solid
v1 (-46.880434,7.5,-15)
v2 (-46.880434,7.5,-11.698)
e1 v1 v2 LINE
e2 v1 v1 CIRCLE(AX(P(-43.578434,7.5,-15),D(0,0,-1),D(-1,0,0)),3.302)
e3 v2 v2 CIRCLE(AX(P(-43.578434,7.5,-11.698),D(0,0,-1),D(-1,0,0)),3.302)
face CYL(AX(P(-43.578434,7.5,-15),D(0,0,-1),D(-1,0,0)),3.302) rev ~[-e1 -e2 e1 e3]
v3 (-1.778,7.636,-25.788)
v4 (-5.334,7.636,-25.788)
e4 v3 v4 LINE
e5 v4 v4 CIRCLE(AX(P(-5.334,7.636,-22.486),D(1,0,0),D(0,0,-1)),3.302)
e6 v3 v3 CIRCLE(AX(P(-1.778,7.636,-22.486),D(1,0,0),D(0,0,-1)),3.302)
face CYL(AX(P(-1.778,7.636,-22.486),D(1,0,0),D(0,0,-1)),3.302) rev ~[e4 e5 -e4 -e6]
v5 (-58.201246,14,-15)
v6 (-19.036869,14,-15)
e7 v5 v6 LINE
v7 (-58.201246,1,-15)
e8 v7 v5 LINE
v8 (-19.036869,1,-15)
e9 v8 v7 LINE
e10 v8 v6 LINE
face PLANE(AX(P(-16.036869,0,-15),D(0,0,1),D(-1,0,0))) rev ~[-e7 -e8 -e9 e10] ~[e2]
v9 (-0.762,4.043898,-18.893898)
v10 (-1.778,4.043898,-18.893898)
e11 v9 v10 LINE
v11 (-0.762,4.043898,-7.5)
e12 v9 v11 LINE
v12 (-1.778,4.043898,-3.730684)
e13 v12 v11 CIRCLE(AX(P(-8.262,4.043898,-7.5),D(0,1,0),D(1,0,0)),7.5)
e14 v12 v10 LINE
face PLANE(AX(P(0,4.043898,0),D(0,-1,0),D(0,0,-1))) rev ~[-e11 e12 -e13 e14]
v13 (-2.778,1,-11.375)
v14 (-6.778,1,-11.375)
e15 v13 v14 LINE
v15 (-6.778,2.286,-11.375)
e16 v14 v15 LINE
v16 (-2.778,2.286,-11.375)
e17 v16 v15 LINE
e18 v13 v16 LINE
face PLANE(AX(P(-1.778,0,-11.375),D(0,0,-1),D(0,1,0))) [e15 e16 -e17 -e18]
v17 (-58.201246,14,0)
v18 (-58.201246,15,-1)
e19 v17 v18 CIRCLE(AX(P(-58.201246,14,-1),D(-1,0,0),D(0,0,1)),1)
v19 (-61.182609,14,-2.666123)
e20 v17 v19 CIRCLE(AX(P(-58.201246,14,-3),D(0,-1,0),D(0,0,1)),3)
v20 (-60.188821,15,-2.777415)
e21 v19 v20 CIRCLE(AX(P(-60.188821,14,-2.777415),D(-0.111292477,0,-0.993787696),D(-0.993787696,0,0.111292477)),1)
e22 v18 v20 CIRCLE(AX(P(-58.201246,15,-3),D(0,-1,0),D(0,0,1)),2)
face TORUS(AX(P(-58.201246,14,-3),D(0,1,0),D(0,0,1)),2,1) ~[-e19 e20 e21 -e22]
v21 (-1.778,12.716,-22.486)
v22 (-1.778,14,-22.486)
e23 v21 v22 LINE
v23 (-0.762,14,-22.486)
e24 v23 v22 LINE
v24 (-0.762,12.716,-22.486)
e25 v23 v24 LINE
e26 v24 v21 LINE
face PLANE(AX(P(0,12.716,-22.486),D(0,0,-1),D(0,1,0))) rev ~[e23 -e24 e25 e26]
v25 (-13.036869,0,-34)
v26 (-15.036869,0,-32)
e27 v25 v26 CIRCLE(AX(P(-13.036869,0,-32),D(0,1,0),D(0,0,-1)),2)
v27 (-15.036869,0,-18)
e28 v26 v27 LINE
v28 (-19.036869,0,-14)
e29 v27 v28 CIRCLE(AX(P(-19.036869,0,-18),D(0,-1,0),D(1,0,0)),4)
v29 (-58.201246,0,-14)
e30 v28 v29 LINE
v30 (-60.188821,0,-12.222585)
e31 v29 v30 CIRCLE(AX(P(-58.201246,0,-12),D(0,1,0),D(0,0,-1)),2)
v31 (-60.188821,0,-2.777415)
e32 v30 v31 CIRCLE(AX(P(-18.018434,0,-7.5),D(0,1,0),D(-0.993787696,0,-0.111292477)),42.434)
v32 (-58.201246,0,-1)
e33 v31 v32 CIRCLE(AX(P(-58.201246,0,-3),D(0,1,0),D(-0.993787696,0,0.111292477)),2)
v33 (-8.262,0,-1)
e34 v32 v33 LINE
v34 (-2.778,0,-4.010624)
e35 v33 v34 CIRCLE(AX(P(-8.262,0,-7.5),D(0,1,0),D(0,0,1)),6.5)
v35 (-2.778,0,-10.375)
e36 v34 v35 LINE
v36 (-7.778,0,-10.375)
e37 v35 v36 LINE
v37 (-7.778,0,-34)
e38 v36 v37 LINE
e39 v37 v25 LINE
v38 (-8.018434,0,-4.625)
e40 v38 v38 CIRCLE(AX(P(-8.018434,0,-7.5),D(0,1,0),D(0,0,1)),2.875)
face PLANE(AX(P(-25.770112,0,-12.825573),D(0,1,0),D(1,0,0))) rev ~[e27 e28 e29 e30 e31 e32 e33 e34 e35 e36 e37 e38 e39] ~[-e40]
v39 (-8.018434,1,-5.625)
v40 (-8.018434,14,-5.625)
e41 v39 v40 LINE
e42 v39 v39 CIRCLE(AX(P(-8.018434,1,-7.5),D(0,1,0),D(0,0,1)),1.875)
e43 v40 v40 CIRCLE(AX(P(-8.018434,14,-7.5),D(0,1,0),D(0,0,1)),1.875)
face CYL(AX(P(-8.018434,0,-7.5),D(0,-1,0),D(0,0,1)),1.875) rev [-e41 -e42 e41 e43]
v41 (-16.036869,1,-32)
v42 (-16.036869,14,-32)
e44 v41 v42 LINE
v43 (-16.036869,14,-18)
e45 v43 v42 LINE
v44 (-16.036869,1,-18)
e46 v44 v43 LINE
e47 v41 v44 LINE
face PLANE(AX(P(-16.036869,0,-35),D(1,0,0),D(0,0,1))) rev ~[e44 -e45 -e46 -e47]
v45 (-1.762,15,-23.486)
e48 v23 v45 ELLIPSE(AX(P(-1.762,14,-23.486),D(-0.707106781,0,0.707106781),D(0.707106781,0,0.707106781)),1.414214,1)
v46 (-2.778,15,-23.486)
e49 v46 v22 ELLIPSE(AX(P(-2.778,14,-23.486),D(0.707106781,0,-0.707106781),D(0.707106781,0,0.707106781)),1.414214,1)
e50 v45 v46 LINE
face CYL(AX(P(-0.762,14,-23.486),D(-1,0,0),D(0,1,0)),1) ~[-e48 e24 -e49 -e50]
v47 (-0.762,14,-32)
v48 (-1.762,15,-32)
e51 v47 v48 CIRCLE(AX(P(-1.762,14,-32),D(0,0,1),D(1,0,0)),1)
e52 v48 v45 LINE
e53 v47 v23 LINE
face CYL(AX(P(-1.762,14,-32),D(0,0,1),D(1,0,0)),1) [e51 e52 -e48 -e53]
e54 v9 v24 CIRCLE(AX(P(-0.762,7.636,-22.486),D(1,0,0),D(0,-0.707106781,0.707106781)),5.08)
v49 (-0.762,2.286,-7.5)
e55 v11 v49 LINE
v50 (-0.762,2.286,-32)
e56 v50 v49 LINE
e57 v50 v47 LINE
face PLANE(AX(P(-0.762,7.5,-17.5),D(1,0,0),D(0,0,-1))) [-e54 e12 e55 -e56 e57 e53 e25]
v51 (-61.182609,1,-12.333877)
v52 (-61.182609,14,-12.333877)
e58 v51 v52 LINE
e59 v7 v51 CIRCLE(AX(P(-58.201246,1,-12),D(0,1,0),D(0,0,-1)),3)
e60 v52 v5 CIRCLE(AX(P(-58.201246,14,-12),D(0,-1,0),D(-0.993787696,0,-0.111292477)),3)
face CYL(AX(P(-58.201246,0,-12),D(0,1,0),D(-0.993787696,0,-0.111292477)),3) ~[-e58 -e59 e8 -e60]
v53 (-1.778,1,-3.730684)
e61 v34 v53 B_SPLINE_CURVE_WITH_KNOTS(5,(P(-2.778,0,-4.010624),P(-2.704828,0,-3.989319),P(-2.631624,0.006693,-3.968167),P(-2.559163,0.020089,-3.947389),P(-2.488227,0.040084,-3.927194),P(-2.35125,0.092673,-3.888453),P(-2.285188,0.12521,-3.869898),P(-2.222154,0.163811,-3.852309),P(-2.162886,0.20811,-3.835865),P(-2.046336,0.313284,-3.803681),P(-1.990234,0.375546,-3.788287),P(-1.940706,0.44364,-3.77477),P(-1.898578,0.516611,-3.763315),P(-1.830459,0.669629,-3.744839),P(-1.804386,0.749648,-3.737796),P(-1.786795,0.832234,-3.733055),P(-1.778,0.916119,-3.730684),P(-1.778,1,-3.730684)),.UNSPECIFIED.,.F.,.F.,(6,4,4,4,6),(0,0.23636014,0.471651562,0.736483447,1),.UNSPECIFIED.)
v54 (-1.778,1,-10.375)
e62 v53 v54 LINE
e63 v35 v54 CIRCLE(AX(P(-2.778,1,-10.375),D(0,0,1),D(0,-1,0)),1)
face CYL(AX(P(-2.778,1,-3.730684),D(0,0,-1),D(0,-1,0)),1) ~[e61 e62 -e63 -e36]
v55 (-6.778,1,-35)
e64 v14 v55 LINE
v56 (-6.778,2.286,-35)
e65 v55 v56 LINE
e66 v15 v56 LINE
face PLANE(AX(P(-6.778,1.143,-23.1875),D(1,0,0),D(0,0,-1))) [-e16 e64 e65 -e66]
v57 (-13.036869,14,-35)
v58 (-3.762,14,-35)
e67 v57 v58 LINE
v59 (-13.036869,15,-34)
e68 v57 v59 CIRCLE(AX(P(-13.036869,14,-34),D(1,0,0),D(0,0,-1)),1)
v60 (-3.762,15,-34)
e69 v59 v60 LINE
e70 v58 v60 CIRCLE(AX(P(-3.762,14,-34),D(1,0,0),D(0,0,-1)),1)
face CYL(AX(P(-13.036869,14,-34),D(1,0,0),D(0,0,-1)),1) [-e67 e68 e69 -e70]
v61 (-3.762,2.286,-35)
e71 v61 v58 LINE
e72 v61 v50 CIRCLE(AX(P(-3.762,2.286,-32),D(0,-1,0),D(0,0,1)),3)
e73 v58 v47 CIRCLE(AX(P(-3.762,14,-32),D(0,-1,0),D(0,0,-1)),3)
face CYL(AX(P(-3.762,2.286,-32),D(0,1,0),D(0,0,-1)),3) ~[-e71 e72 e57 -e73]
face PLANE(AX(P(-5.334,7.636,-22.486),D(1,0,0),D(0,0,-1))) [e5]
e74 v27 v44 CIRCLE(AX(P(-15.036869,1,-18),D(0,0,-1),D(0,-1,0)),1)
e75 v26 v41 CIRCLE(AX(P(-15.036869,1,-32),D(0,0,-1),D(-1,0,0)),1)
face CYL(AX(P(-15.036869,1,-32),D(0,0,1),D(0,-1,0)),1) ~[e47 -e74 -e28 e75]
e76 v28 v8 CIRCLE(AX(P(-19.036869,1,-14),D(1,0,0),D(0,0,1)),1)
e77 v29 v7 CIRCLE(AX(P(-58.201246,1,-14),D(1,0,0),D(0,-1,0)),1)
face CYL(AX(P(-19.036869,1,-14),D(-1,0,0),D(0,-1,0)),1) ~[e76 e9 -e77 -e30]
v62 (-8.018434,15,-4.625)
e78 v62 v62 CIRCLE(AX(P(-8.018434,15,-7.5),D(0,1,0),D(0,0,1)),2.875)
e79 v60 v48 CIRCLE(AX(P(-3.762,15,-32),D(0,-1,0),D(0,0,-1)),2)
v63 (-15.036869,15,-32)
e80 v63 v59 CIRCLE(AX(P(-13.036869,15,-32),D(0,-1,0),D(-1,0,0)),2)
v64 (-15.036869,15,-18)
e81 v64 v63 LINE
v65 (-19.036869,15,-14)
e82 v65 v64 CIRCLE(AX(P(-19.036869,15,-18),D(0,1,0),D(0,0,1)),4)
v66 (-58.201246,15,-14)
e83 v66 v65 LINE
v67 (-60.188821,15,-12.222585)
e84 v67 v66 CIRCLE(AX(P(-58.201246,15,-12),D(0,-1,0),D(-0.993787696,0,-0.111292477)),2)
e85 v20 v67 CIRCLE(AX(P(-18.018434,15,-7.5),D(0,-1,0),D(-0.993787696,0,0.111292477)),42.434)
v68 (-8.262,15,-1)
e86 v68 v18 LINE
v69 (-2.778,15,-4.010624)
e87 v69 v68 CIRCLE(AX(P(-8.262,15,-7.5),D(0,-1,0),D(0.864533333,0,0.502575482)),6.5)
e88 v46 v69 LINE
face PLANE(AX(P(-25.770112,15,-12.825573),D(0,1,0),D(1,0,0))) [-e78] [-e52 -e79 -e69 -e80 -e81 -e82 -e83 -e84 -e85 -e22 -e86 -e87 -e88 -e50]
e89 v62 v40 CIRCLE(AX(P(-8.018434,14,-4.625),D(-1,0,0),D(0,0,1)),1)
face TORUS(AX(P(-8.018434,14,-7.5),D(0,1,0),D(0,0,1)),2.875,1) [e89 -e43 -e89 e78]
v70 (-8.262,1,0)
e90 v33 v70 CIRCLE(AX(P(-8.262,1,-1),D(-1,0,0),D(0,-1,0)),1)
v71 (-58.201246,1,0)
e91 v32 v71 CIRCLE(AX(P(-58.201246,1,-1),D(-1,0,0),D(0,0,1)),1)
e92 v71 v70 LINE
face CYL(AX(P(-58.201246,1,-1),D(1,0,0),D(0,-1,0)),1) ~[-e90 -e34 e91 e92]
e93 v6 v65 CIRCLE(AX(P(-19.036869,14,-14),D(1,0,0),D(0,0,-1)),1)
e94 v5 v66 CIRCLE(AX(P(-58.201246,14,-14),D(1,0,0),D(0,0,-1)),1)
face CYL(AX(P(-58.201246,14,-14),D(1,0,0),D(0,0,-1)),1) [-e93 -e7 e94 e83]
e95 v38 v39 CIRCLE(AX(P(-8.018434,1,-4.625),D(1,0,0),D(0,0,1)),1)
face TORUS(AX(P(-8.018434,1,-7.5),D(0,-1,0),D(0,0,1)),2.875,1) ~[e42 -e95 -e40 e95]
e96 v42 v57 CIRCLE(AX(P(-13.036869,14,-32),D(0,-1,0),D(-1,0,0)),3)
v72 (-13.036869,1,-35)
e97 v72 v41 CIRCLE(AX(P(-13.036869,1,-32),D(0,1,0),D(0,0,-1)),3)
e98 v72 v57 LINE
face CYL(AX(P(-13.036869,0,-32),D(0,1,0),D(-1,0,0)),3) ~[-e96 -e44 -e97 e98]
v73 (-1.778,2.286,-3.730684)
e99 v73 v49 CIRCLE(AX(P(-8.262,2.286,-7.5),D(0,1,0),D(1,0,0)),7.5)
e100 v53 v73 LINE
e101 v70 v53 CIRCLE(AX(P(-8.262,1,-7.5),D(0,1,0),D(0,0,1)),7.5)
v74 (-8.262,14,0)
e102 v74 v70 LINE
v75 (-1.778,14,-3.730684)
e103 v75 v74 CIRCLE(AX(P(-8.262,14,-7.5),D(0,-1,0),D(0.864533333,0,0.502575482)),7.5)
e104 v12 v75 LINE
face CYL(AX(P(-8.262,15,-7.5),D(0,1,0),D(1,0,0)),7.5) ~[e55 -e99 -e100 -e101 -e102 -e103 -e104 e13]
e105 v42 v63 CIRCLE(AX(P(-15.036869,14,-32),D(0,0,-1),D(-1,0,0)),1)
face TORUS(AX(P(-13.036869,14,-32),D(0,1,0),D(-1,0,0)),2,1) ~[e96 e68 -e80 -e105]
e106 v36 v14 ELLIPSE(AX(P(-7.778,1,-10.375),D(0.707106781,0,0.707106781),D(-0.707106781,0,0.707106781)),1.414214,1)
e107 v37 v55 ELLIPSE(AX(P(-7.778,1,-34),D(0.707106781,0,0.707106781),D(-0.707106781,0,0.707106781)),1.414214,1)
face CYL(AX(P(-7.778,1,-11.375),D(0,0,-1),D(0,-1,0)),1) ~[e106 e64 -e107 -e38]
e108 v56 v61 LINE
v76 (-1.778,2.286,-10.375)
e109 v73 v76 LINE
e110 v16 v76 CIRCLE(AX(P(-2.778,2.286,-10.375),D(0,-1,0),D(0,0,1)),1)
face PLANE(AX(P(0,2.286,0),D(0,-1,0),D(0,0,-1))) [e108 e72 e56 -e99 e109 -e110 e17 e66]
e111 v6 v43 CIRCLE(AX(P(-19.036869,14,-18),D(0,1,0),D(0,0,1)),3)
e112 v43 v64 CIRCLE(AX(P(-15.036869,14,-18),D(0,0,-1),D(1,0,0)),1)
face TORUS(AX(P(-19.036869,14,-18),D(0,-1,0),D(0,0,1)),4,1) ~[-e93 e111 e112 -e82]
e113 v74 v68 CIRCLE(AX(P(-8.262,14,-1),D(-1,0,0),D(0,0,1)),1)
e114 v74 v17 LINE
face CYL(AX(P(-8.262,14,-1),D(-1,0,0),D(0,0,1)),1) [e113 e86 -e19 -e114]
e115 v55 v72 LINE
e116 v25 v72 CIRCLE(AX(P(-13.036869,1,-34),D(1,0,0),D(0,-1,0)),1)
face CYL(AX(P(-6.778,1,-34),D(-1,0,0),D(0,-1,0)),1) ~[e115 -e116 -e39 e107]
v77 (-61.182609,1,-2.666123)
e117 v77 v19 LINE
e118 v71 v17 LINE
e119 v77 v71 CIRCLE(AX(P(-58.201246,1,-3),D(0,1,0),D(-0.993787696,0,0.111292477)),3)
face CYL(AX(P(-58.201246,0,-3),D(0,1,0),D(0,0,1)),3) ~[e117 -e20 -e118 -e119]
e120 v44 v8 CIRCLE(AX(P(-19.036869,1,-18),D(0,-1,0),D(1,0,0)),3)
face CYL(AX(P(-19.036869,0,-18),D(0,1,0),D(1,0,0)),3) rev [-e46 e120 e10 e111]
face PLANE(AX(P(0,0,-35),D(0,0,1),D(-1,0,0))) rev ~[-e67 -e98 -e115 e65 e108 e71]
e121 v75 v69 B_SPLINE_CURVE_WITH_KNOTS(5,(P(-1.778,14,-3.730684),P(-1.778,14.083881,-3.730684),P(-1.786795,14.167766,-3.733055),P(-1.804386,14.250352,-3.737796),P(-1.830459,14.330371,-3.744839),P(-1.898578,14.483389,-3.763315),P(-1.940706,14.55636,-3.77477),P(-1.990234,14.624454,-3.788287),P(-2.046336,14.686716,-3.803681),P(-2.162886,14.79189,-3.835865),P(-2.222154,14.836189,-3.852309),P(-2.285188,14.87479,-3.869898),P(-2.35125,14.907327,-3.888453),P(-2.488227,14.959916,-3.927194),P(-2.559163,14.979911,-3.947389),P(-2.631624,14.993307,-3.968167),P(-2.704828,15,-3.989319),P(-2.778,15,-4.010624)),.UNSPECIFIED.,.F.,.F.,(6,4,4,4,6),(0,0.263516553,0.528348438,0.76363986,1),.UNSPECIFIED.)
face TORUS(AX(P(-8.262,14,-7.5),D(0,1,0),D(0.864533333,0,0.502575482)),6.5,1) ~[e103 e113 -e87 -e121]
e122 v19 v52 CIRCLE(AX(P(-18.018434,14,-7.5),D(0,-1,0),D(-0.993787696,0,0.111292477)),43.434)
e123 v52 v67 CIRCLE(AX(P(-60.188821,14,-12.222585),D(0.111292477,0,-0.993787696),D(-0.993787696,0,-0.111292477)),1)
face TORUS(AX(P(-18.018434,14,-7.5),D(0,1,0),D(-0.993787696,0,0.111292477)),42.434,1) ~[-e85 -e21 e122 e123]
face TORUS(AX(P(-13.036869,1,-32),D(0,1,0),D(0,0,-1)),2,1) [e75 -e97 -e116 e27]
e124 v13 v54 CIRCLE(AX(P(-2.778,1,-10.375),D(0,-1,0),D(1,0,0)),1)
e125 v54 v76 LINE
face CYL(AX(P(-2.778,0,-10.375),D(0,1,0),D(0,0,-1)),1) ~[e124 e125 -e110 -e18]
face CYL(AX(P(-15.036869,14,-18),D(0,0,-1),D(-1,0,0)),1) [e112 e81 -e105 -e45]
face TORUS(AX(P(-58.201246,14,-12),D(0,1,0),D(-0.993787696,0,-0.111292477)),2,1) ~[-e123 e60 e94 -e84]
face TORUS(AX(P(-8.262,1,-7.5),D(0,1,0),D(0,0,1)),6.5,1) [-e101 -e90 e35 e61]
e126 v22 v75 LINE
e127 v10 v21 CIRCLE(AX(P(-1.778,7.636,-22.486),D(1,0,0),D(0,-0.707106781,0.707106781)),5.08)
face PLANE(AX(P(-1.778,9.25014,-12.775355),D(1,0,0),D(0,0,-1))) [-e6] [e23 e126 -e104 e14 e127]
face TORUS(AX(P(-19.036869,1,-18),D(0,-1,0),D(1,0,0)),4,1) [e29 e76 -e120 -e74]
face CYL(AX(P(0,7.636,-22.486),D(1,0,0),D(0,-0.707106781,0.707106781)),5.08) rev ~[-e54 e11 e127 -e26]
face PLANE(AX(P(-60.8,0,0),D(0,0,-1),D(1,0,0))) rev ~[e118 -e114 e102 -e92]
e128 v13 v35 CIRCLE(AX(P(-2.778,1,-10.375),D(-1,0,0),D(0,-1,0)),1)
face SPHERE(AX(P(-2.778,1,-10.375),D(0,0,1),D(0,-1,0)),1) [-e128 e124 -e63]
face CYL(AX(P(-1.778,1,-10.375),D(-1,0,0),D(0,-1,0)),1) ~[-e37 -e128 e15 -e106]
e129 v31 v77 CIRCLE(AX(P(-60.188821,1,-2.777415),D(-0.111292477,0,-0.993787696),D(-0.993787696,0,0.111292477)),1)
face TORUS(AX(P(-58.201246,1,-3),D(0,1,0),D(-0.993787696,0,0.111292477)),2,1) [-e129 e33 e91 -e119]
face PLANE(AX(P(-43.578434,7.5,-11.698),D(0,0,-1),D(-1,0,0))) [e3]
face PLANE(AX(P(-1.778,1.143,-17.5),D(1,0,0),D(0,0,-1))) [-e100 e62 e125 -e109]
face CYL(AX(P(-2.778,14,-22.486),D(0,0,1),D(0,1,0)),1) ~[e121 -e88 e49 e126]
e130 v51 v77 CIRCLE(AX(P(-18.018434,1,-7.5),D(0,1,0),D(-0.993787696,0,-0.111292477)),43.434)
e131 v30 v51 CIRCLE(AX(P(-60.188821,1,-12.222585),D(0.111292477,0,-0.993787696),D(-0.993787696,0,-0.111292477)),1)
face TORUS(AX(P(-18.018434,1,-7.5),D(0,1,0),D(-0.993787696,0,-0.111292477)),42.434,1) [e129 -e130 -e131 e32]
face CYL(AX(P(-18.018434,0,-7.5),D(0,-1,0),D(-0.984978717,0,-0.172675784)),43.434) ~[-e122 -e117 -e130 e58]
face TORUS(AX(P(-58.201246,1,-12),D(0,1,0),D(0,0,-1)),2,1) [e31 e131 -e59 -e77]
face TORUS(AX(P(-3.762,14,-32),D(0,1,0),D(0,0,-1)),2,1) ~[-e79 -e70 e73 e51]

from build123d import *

# Parameters (mm, degrees)
SKETCH1_R           = 1.875
BOSS_EXTRUDE1_DEPTH = 15
SKETCH2_W           = 35
SKETCH2_H           = 2.286
CUT_EXTRUDE1_DEPTH  = 1.778
SKETCH7_W           = 23.625
SKETCH7_H           = 2.286
CUT_EXTRUDE6_DEPTH  = 5
SKETCH3_R           = 3.302
CUT_EXTRUDE2_DEPTH  = 3.556
SKETCH4_R           = 3.302
CUT_EXTRUDE3_DEPTH  = 3.302
SKETCH5_W           = 35
SKETCH5_H           = 15
CUT_EXTRUDE4_DEPTH  = 0.762
CUT_EXTRUDE5_DEPTH  = 73.293856534
FILLET1_R           = 3
FILLET2_R           = 1


with BuildPart() as part:
    # Sketch1 → Boss-Extrude1 (new body)
    with BuildSketch(Plane(origin=(0, 0, 0), x_dir=(1, 0, 0), z_dir=(0, 1, 0))):
        with BuildLine():
            Line((-60.8, 0), (0, 0))
            Line((0, 0), (0, 35))
            Line((0, 35), (-16.036868781, 35))
            Line((-16.036868781, 35), (-16.036868781, 15))
            Line((-16.036868781, 15), (-60.8, 15))
            ThreePointArc((-60.8, 15), (-61.45243439, 7.5), (-60.8, 0))
        make_face()
        with Locations(Location((-8.01843439, 7.5, 0), (0, 0, 270))):
            Circle(SKETCH1_R, mode=Mode.SUBTRACT)
    extrude(amount=BOSS_EXTRUDE1_DEPTH)

    # Sketch2 → Cut-Extrude1 (cut)
    with BuildSketch(Plane(origin=(0, 0, 0), x_dir=(0, 0, -1), z_dir=(1, 0, 0))):
        with BuildLine():
            Line((22.486, 12.716), (22.486, 15))
            Line((22.486, 15), (0, 15))
            Line((0, 15), (0, 4.043897552))
            Line((0, 4.043897552), (18.893897552, 4.043897552))
            ThreePointArc((18.893897552, 4.043897552), (27.179308025, 5.691968164), (22.486, 12.716))
        make_face()
        with Locations((17.5, 1.143)):
            Rectangle(SKETCH2_W, SKETCH2_H)
    extrude(amount=-CUT_EXTRUDE1_DEPTH, mode=Mode.SUBTRACT)

    # Sketch7 → Cut-Extrude6 (cut)
    with BuildSketch(Plane(origin=(-1.778, 0, 0), x_dir=(0, 0, -1), z_dir=(1, 0, 0))):
        with Locations((23.1875, 1.143)):
            Rectangle(SKETCH7_W, SKETCH7_H)
    extrude(amount=-CUT_EXTRUDE6_DEPTH, mode=Mode.SUBTRACT)

    # Sketch3 → Cut-Extrude2 (cut)
    with BuildSketch(Plane(origin=(-1.778, 0, 0), x_dir=(0, 0, -1), z_dir=(1, 0, 0))):
        with Locations((22.486, 7.636)):
            Circle(SKETCH3_R)
    extrude(amount=-CUT_EXTRUDE2_DEPTH, mode=Mode.SUBTRACT)

    # Sketch4 → Cut-Extrude3 (cut)
    with BuildSketch(Plane(origin=(0, 0, -15), x_dir=(-1, 0, 0), z_dir=(0, 0, -1))):
        with Locations((43.57843439, 7.5)):
            Circle(SKETCH4_R)
    extrude(amount=-CUT_EXTRUDE3_DEPTH, mode=Mode.SUBTRACT)

    # Sketch5 → Cut-Extrude4 (cut)
    with BuildSketch(Plane(origin=(0, 0, 0), x_dir=(0, 0, -1), z_dir=(1, 0, 0))):
        with Locations((17.5, 7.5)):
            Rectangle(SKETCH5_W, SKETCH5_H)
    extrude(amount=-CUT_EXTRUDE4_DEPTH, mode=Mode.SUBTRACT)

    # Sketch6 → Cut-Extrude5 (cut, through all)
    with BuildSketch(Plane(origin=(0, 15, 0), x_dir=(1, 0, 0), z_dir=(0, 1, 0))):
        with BuildLine():
            Line((-8.262, 0), (-0.762, 0))
            Line((-0.762, 0), (-0.762, 7.5))
            ThreePointArc((-0.762, 7.5), (-2.958699141, 2.196699141), (-8.262, 0))
        make_face()
    extrude(amount=-CUT_EXTRUDE5_DEPTH, mode=Mode.SUBTRACT)

    # Fillet1
    fillet1_edges = [part.edges().sort_by_distance(p)[0] for p in [
        (-60.8, 7.5, 0),
        (-60.8, 7.5, -15),
        (-16.036868781, 7.5, -15),
        (-16.036868781, 7.5, -35),
        (-0.762, 8.643, -35),
    ]]
    fillet(fillet1_edges, radius=FILLET1_R)

    # Fillet2
    fillet2_edges = [part.edges().sort_by_distance(p)[0] for p in [
        (-1.778, 0, -7.552841941),
        (-4.521670528, 15, -0.99923578),
        (-4.521670528, 0, -0.99923578),
        (-61.45243439, 0, -7.5),
        (-61.45243439, 15, -7.5),
        (-33.231623045, 0, 0),
        (-38.619057435, 0, -15),
        (-16.036868781, 0, -25),
        (-15.158189125, 0, -34.121320344),
        (-60.201042042, 0, -0.763749534),
        (-60.201042042, 0, -14.236250466),
        (-38.619057435, 15, -15),
        (-0.762, 15, -27.243),
        (-8.39943439, 15, -35),
        (-16.036868781, 15, -25),
        (-33.231623045, 15, 0),
        (-15.158189125, 15, -34.121320344),
        (-1.640679656, 15, -34.121320344),
        (-60.201042042, 15, -0.763749534),
        (-60.201042042, 15, -14.236250466),
        (-16.915548437, 0, -15.878679656),
        (-16.915548437, 15, -15.878679656),
        (-8.01843439, 0, -9.375),
        (-8.01843439, 15, -9.375),
        (-1.778, 15, -13.108341941),
        (-1.27, 15, -22.486),
        (-9.90743439, 0, -35),
        (-4.278, 0, -11.375),
        (-6.778, 0, -23.1875),
        (-1.778, 1.143, -11.375),
    ]]
    fillet(fillet2_edges, radius=FILLET2_R)


solid = part.part
